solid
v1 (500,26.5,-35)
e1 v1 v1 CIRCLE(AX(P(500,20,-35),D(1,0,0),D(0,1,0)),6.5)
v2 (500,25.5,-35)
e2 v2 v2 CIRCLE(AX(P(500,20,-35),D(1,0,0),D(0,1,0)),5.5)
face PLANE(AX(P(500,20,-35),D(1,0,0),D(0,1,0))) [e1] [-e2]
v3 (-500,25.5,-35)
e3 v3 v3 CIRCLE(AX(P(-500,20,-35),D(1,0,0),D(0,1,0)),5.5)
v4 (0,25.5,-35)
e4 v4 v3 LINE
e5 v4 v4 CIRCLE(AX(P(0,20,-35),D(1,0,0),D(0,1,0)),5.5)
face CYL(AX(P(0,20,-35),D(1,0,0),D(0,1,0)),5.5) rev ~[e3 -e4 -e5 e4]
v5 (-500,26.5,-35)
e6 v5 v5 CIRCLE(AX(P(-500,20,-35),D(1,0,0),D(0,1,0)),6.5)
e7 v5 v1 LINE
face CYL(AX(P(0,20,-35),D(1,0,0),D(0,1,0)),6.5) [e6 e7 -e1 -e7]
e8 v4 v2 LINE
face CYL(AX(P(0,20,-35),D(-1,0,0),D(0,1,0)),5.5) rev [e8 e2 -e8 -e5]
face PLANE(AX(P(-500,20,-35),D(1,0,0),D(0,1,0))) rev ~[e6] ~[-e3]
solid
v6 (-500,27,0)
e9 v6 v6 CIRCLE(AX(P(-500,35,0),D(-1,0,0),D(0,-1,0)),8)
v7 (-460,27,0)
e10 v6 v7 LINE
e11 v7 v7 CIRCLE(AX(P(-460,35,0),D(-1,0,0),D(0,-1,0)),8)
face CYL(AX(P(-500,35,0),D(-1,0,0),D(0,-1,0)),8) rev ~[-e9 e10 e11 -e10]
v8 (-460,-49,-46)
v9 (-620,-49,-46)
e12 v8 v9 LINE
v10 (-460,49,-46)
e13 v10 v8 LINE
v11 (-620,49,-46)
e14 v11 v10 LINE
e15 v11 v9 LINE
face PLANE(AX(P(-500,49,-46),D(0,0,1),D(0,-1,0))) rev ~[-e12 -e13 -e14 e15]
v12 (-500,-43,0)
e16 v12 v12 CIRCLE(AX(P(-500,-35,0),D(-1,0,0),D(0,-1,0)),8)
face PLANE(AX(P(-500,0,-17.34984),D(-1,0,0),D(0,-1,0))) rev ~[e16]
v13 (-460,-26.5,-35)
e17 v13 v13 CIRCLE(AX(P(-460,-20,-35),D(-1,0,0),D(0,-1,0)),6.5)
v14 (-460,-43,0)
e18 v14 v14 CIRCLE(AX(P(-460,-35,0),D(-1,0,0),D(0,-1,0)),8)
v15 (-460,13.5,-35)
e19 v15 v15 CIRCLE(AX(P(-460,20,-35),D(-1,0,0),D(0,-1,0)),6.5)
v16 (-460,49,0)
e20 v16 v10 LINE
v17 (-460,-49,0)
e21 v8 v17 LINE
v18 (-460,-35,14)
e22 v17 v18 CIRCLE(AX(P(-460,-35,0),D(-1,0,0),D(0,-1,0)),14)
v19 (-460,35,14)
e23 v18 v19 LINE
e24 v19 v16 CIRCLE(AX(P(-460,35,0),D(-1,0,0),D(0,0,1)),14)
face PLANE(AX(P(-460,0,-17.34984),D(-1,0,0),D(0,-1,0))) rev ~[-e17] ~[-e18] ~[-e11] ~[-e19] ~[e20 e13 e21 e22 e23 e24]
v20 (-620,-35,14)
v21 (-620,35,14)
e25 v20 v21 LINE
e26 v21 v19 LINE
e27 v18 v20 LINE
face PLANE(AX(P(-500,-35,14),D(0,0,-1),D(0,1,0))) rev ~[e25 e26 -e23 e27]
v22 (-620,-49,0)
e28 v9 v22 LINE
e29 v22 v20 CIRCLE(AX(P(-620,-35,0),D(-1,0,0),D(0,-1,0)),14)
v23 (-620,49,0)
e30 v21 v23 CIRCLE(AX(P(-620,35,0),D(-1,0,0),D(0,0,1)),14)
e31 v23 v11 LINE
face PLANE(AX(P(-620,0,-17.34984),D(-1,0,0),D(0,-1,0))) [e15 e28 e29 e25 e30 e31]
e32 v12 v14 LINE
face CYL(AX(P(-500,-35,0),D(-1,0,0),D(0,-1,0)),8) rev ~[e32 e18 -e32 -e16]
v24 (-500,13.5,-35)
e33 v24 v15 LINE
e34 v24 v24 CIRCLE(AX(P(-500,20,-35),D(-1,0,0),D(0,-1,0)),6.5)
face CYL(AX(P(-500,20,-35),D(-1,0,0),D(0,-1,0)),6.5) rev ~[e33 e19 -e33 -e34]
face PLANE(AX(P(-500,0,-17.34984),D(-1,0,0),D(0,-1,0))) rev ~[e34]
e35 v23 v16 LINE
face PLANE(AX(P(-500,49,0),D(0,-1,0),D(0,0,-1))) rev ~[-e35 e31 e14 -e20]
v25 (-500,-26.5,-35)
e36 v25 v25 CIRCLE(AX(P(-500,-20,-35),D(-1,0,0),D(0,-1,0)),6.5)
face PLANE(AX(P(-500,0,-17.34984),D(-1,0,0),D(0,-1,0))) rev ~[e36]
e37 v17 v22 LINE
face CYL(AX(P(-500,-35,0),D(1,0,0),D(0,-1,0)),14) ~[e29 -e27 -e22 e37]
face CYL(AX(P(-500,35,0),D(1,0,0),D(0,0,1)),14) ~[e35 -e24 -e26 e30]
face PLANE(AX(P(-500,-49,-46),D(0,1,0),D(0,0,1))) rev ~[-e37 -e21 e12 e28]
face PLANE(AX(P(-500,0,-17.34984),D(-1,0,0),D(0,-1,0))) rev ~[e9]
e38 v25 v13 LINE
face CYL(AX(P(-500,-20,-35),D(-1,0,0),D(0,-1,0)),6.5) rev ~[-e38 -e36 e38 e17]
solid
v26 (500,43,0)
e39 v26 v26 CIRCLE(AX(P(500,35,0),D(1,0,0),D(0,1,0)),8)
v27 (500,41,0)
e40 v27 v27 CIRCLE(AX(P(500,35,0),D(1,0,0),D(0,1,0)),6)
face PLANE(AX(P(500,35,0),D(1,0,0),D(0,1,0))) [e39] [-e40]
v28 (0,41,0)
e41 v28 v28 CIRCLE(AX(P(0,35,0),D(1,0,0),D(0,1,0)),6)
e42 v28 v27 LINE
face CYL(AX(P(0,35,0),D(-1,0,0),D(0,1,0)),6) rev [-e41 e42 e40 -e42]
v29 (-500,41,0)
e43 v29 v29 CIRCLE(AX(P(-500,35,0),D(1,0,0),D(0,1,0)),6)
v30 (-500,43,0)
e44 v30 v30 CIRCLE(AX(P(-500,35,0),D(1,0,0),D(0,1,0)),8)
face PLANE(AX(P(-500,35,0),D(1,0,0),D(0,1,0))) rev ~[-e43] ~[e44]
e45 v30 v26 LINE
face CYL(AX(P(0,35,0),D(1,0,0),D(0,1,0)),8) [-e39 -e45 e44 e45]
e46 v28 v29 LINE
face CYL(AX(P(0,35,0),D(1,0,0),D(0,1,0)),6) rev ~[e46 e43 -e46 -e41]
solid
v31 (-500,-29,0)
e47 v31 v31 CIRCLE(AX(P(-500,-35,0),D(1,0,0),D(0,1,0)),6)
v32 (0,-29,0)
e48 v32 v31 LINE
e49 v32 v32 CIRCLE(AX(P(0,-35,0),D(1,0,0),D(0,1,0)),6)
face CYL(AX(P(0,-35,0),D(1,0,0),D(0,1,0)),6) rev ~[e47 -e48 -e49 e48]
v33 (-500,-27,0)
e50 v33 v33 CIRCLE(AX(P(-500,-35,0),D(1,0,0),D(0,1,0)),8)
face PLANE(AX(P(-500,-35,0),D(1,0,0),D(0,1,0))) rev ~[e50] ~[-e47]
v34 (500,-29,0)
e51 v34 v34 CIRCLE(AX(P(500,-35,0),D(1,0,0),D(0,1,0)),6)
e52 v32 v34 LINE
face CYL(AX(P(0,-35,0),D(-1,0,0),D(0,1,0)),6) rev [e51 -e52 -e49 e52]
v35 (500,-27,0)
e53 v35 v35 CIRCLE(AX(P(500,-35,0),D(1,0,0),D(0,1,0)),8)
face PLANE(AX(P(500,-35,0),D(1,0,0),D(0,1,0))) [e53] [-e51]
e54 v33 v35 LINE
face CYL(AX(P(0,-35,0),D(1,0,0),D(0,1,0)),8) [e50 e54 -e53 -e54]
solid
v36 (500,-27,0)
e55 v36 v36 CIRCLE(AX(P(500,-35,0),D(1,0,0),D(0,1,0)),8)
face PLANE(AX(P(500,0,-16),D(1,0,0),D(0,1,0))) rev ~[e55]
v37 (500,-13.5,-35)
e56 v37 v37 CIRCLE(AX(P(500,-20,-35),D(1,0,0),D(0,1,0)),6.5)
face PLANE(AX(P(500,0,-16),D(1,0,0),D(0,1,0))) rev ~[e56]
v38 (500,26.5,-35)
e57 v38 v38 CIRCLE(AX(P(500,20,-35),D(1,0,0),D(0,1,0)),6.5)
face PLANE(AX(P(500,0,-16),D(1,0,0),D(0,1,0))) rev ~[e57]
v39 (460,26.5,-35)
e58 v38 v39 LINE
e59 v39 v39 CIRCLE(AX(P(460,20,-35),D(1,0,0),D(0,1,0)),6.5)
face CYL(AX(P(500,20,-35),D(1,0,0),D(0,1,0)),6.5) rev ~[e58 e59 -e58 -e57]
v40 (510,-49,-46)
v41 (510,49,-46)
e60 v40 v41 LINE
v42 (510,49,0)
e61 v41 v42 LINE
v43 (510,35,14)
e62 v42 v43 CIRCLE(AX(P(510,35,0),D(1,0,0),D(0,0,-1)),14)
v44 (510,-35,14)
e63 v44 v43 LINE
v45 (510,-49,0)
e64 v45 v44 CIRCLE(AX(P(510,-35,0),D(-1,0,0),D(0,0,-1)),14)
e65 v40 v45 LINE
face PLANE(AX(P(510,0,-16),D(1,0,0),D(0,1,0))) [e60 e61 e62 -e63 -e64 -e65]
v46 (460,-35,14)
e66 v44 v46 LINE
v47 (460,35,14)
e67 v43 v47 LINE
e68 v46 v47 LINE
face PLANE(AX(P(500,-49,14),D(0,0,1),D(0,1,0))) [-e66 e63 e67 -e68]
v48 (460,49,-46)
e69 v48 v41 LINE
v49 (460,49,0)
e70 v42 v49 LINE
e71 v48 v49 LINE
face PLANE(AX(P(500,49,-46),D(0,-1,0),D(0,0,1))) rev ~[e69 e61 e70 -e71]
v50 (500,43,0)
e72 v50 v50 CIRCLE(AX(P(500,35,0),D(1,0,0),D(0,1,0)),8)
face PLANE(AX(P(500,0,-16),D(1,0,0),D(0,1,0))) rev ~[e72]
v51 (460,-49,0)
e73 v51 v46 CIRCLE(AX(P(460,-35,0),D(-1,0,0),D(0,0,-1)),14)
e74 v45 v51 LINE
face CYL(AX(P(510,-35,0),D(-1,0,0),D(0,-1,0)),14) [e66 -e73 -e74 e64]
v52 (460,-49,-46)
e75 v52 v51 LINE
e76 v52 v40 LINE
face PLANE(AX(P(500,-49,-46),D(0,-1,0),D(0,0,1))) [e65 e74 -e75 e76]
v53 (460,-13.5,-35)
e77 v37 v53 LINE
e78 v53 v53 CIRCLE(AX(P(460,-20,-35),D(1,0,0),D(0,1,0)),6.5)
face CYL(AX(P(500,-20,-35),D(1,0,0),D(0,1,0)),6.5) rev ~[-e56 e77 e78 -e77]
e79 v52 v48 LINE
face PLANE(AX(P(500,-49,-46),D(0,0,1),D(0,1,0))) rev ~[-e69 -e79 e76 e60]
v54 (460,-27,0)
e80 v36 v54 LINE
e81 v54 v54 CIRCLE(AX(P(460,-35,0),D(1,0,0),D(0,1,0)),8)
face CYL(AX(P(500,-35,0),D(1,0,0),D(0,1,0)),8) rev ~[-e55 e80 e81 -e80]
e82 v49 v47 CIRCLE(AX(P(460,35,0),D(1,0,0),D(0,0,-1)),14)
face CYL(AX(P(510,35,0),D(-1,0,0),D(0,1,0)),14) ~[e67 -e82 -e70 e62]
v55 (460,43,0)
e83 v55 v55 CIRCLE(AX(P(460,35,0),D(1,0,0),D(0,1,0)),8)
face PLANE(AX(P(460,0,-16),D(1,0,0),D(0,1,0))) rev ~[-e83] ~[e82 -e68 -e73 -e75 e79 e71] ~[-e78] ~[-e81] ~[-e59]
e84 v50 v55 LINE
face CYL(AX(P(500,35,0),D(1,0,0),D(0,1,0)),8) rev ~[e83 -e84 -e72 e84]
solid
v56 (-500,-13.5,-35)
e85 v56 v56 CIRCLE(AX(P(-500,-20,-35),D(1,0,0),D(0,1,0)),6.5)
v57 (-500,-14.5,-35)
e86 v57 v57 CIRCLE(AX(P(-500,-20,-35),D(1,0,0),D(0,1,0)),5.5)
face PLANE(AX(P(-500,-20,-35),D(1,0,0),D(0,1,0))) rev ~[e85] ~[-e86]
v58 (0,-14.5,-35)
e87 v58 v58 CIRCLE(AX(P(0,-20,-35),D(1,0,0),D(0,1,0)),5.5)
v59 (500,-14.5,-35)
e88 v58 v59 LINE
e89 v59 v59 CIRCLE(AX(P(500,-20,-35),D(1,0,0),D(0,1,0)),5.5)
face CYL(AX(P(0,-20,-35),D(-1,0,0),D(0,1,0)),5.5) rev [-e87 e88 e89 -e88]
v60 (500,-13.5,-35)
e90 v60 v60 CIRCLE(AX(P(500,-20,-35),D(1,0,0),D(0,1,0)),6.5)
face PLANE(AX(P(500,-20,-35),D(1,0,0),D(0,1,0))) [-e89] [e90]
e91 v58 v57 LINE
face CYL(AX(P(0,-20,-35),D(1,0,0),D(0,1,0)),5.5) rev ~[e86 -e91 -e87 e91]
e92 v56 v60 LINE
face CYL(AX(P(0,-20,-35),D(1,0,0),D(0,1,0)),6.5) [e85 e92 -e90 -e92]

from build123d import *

# Parameters (mm, degrees)
F0_R          = 8
F0_R_2        = 6
F1_DEPTH      = 500
F1_DEPTH_BACK = 500
F0_R_3        = 6.5
F0_R_4        = 5.5
F2_W          = 98
F2_H          = 60
F2_R          = 6.5
F2_R_2        = 8
F3_DEPTH      = 40
F4_W          = 98
F4_H          = 60
F5_DEPTH      = 10
F6_R          = 14
F7_R          = 6.5
F7_R_2        = 8
F8_DEPTH      = 40
F10_DEPTH     = 120


with BuildPart() as f1:
    # F0 (on Right) → F1 (new body, two sides)
    with BuildSketch(Plane.YZ) as f1_sk:
        with Locations((35, 0)):
            Circle(F0_R)
        with Locations((35, 0)):
            Circle(F0_R_2, mode=Mode.SUBTRACT)
    extrude(amount=F1_DEPTH)
    extrude(f1_sk.sketch, amount=-F1_DEPTH_BACK)


with BuildPart() as f1b:
    # F0 (on Right) → F1, piece 2 (new body, two sides)
    with BuildSketch(Plane.YZ) as f1_2_sk:
        with Locations((-35, 0)):
            Circle(F0_R)
        with Locations((-35, 0)):
            Circle(F0_R_2, mode=Mode.SUBTRACT)
    extrude(amount=F1_DEPTH)
    extrude(f1_2_sk.sketch, amount=-F1_DEPTH_BACK)


with BuildPart() as f1c:
    # F0 (on Right) → F1, piece 3 (new body, two sides)
    with BuildSketch(Plane.YZ) as f1_3_sk:
        with Locations((-20, -35)):
            Circle(F0_R_3)
        with Locations((-20, -35)):
            Circle(F0_R_4, mode=Mode.SUBTRACT)
    extrude(amount=F1_DEPTH)
    extrude(f1_3_sk.sketch, amount=-F1_DEPTH_BACK)


with BuildPart() as f1d:
    # F0 (on Right) → F1, piece 4 (new body, two sides)
    with BuildSketch(Plane.YZ) as f1_4_sk:
        with Locations((20, -35)):
            Circle(F0_R_3)
        with Locations((20, -35)):
            Circle(F0_R_4, mode=Mode.SUBTRACT)
    extrude(amount=F1_DEPTH)
    extrude(f1_4_sk.sketch, amount=-F1_DEPTH_BACK)


with BuildPart() as f3:
    # F2 (on face) → F3 (new body)
    with BuildSketch(Plane.YZ.offset(500)):
        with Locations((0, -16)):
            Rectangle(F2_W, F2_H)
        with Locations((-20, -35)):
            Circle(F2_R, mode=Mode.SUBTRACT)
        with Locations((20, -35)):
            Circle(F2_R, mode=Mode.SUBTRACT)
        with Locations((-35, 0)):
            Circle(F2_R_2, mode=Mode.SUBTRACT)
        with Locations((35, 0)):
            Circle(F2_R_2, mode=Mode.SUBTRACT)
    extrude(amount=-F3_DEPTH)

    # F4 (on face) → F5 (join)
    with BuildSketch(Plane.YZ.offset(500)):
        with Locations((0, -16)):
            Rectangle(F4_W, F4_H)
    extrude(amount=F5_DEPTH)

    # F6
    f6_edges = [f3.edges().sort_by_distance(p)[0] for p in [
        (485, -49, 14),
        (485, 49, 14),
    ]]
    fillet(f6_edges, radius=F6_R)


with BuildPart() as f8:
    # F7 (on face) → F8 (new body)
    with BuildSketch(Plane(origin=(-500, 0, 0), x_dir=(0, -1, 0), z_dir=(-1, 0, 0))):
        with BuildLine():
            ThreePointArc((49, 0), (44.8994949366, 9.8994949366), (35, 14))
            Line((35, 14), (-35, 14))
            ThreePointArc((-35, 14), (-44.8994949366, 9.8994949366), (-49, 0))
            Line((-49, 0), (-49, -46))
            Line((-49, -46), (49, -46))
            Line((49, -46), (49, 0))
        make_face()
        with Locations((-20, -35)):
            Circle(F7_R, mode=Mode.SUBTRACT)
        with Locations((20, -35)):
            Circle(F7_R, mode=Mode.SUBTRACT)
        with Locations((-35, 0)):
            Circle(F7_R_2, mode=Mode.SUBTRACT)
        with Locations((35, 0)):
            Circle(F7_R_2, mode=Mode.SUBTRACT)
    extrude(amount=-F8_DEPTH)

    # F9 (on face) → F10 (join)
    with BuildSketch(Plane(origin=(-500, 0, 0), x_dir=(0, -1, 0), z_dir=(-1, 0, 0))):
        with BuildLine():
            Line((-49, -46), (49, -46))
            Line((49, -46), (49, 0))
            ThreePointArc((49, 0), (44.8994949366, 9.8994949366), (35, 14))
            Line((35, 14), (-35, 14))
            ThreePointArc((-35, 14), (-44.8994949366, 9.8994949366), (-49, 0))
            Line((-49, 0), (-49, -46))
        make_face()
    extrude(amount=F10_DEPTH)


solid = Compound([f1.part, f1b.part, f1c.part, f1d.part, f3.part, f8.part])
